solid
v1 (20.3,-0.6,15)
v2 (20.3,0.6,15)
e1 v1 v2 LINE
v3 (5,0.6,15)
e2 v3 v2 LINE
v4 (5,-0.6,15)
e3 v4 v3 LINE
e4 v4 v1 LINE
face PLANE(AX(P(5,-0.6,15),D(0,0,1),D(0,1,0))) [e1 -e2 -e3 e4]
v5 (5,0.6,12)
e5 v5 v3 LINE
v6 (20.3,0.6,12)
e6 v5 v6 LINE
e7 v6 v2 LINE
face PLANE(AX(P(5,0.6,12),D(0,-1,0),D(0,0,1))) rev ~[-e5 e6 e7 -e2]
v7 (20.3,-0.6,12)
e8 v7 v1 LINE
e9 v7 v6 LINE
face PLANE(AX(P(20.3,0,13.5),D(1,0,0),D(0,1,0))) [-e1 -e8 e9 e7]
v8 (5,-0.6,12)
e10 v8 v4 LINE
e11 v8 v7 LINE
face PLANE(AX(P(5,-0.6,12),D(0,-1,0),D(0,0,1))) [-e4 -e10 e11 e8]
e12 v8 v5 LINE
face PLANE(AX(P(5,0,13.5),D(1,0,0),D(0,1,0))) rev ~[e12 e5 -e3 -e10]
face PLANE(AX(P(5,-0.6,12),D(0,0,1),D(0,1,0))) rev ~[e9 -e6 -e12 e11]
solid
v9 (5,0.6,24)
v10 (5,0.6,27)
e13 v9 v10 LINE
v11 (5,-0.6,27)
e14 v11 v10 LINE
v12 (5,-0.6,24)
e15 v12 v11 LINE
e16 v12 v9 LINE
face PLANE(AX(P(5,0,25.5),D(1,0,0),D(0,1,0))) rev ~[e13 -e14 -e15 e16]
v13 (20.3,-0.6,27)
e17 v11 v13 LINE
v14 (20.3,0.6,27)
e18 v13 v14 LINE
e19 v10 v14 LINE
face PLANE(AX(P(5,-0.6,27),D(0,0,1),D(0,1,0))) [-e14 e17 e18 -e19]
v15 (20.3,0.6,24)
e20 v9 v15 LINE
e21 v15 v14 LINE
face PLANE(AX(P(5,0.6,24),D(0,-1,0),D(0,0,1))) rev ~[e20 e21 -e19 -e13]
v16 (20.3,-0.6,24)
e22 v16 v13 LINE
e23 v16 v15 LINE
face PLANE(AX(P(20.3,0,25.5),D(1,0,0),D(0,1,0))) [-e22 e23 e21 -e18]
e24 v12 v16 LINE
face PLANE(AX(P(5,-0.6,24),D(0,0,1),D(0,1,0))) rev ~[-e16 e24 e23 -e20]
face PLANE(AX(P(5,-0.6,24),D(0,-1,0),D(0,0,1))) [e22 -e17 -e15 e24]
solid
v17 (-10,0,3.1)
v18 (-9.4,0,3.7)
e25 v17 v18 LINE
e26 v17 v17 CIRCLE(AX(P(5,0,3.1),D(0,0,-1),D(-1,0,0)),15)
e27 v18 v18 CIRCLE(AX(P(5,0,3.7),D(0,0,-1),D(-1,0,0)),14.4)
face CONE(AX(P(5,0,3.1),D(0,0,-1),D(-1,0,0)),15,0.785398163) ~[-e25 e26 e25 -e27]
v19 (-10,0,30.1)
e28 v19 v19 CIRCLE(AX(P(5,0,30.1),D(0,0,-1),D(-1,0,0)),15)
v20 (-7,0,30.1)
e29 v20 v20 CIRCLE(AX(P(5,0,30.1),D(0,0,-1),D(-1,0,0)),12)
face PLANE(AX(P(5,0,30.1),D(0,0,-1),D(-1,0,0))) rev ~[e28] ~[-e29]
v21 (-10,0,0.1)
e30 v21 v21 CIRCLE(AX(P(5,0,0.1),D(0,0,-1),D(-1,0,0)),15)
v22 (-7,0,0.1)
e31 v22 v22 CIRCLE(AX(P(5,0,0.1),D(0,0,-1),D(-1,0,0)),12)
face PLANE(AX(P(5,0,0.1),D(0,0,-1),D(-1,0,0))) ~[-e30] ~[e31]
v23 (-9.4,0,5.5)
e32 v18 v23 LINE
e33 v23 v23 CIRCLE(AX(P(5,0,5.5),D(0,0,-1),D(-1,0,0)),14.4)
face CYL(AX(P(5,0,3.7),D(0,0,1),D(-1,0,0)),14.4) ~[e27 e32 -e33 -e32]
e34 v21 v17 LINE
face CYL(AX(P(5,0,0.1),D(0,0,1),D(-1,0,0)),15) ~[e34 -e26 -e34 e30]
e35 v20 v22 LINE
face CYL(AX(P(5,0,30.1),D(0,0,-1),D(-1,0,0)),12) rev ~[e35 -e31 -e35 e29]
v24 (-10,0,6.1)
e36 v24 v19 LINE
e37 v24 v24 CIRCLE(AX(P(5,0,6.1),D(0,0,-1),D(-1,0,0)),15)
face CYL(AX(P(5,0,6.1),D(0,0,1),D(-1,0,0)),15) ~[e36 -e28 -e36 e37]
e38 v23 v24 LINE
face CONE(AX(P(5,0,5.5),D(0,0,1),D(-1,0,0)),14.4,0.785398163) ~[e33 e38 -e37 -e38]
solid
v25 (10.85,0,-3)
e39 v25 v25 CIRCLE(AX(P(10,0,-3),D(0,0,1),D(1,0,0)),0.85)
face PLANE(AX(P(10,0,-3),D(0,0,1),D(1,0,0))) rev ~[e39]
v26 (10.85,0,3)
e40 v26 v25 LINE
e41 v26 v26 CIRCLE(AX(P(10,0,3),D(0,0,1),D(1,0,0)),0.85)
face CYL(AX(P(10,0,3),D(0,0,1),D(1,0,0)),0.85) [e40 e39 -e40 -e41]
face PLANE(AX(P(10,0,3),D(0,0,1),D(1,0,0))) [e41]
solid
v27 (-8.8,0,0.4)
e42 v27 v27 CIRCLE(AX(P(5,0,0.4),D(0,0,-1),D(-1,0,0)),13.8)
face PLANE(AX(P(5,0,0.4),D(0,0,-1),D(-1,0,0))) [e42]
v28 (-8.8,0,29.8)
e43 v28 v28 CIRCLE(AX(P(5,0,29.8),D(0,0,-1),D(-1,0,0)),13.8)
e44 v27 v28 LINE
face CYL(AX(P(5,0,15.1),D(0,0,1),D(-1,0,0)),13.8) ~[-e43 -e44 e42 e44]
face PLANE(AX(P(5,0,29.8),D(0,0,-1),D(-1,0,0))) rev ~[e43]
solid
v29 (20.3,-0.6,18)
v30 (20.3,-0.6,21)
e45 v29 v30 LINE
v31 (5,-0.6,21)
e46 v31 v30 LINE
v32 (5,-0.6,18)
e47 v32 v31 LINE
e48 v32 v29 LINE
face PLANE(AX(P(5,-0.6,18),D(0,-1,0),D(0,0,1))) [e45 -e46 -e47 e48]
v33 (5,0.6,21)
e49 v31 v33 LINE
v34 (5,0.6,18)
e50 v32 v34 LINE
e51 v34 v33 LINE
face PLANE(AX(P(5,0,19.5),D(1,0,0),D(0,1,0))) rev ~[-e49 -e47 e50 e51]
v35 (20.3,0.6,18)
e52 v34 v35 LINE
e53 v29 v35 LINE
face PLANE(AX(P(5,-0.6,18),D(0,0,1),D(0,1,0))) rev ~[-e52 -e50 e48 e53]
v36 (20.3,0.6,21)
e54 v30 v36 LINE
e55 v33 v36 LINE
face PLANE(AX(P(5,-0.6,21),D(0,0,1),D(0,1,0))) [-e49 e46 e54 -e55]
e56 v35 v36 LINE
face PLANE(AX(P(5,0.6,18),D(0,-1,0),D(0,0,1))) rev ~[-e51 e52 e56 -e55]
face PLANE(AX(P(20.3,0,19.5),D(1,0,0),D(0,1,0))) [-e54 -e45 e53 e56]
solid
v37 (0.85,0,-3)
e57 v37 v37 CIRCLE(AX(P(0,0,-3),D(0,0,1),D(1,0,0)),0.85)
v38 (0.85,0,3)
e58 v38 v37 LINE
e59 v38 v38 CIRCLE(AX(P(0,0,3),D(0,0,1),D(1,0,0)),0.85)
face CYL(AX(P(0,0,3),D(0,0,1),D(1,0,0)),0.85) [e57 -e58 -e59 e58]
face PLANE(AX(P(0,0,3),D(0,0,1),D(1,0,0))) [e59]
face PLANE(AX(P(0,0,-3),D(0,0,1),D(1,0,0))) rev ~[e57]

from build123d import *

# Parameters (mm, degrees)
SKETCH002_W  = 13.8
SKETCH002_H  = 29.4
SKETCH003_R  = 0.85
PAD_DEPTH    = 6
SKETCH004_W  = 1.2
SKETCH004_H  = 3
PAD001_DEPTH = 15.3


with BuildPart() as revolution:
    # Sketch → Revolution (revolve)
    with BuildSketch(Plane.XZ):
        Polygon((-10, 0.1), (-10, 3.1), (-9.4, 3.7), (-9.4, 5.5), (-10, 6.1), (-10, 30.1), (-7, 30.1), (-7, 0.1), align=None)
    revolve(axis=Axis((5, 0, 7.548619), (0, 0, -1)))


with BuildPart() as revolution001:
    # Sketch002 → Revolution001 (revolve)
    with BuildSketch(Plane.XZ):
        with Locations((-1.9, 15.1)):
            Rectangle(SKETCH002_W, SKETCH002_H)
    revolve(axis=Axis((5, 0, 4.680116), (0, 0, -1)))


with BuildPart() as pad:
    # Sketch003 → Pad (new body)
    with BuildSketch(Plane.XY.offset(3)):
        Circle(SKETCH003_R)
        with Locations((10, 0)):
            Circle(SKETCH003_R)
    extrude(amount=-PAD_DEPTH)


with BuildPart() as pad001:
    # Sketch004 → Pad001 (new body)
    with BuildSketch(Plane.YZ.offset(5)):
        with Locations((0, 13.5)):
            Rectangle(SKETCH004_W, SKETCH004_H)
        with Locations((0, 19.5)):
            Rectangle(SKETCH004_W, SKETCH004_H)
        with Locations((0, 25.5)):
            Rectangle(SKETCH004_W, SKETCH004_H)
    extrude(amount=PAD001_DEPTH)


solid = Compound([revolution.part, revolution001.part, pad.part, pad001.part])
